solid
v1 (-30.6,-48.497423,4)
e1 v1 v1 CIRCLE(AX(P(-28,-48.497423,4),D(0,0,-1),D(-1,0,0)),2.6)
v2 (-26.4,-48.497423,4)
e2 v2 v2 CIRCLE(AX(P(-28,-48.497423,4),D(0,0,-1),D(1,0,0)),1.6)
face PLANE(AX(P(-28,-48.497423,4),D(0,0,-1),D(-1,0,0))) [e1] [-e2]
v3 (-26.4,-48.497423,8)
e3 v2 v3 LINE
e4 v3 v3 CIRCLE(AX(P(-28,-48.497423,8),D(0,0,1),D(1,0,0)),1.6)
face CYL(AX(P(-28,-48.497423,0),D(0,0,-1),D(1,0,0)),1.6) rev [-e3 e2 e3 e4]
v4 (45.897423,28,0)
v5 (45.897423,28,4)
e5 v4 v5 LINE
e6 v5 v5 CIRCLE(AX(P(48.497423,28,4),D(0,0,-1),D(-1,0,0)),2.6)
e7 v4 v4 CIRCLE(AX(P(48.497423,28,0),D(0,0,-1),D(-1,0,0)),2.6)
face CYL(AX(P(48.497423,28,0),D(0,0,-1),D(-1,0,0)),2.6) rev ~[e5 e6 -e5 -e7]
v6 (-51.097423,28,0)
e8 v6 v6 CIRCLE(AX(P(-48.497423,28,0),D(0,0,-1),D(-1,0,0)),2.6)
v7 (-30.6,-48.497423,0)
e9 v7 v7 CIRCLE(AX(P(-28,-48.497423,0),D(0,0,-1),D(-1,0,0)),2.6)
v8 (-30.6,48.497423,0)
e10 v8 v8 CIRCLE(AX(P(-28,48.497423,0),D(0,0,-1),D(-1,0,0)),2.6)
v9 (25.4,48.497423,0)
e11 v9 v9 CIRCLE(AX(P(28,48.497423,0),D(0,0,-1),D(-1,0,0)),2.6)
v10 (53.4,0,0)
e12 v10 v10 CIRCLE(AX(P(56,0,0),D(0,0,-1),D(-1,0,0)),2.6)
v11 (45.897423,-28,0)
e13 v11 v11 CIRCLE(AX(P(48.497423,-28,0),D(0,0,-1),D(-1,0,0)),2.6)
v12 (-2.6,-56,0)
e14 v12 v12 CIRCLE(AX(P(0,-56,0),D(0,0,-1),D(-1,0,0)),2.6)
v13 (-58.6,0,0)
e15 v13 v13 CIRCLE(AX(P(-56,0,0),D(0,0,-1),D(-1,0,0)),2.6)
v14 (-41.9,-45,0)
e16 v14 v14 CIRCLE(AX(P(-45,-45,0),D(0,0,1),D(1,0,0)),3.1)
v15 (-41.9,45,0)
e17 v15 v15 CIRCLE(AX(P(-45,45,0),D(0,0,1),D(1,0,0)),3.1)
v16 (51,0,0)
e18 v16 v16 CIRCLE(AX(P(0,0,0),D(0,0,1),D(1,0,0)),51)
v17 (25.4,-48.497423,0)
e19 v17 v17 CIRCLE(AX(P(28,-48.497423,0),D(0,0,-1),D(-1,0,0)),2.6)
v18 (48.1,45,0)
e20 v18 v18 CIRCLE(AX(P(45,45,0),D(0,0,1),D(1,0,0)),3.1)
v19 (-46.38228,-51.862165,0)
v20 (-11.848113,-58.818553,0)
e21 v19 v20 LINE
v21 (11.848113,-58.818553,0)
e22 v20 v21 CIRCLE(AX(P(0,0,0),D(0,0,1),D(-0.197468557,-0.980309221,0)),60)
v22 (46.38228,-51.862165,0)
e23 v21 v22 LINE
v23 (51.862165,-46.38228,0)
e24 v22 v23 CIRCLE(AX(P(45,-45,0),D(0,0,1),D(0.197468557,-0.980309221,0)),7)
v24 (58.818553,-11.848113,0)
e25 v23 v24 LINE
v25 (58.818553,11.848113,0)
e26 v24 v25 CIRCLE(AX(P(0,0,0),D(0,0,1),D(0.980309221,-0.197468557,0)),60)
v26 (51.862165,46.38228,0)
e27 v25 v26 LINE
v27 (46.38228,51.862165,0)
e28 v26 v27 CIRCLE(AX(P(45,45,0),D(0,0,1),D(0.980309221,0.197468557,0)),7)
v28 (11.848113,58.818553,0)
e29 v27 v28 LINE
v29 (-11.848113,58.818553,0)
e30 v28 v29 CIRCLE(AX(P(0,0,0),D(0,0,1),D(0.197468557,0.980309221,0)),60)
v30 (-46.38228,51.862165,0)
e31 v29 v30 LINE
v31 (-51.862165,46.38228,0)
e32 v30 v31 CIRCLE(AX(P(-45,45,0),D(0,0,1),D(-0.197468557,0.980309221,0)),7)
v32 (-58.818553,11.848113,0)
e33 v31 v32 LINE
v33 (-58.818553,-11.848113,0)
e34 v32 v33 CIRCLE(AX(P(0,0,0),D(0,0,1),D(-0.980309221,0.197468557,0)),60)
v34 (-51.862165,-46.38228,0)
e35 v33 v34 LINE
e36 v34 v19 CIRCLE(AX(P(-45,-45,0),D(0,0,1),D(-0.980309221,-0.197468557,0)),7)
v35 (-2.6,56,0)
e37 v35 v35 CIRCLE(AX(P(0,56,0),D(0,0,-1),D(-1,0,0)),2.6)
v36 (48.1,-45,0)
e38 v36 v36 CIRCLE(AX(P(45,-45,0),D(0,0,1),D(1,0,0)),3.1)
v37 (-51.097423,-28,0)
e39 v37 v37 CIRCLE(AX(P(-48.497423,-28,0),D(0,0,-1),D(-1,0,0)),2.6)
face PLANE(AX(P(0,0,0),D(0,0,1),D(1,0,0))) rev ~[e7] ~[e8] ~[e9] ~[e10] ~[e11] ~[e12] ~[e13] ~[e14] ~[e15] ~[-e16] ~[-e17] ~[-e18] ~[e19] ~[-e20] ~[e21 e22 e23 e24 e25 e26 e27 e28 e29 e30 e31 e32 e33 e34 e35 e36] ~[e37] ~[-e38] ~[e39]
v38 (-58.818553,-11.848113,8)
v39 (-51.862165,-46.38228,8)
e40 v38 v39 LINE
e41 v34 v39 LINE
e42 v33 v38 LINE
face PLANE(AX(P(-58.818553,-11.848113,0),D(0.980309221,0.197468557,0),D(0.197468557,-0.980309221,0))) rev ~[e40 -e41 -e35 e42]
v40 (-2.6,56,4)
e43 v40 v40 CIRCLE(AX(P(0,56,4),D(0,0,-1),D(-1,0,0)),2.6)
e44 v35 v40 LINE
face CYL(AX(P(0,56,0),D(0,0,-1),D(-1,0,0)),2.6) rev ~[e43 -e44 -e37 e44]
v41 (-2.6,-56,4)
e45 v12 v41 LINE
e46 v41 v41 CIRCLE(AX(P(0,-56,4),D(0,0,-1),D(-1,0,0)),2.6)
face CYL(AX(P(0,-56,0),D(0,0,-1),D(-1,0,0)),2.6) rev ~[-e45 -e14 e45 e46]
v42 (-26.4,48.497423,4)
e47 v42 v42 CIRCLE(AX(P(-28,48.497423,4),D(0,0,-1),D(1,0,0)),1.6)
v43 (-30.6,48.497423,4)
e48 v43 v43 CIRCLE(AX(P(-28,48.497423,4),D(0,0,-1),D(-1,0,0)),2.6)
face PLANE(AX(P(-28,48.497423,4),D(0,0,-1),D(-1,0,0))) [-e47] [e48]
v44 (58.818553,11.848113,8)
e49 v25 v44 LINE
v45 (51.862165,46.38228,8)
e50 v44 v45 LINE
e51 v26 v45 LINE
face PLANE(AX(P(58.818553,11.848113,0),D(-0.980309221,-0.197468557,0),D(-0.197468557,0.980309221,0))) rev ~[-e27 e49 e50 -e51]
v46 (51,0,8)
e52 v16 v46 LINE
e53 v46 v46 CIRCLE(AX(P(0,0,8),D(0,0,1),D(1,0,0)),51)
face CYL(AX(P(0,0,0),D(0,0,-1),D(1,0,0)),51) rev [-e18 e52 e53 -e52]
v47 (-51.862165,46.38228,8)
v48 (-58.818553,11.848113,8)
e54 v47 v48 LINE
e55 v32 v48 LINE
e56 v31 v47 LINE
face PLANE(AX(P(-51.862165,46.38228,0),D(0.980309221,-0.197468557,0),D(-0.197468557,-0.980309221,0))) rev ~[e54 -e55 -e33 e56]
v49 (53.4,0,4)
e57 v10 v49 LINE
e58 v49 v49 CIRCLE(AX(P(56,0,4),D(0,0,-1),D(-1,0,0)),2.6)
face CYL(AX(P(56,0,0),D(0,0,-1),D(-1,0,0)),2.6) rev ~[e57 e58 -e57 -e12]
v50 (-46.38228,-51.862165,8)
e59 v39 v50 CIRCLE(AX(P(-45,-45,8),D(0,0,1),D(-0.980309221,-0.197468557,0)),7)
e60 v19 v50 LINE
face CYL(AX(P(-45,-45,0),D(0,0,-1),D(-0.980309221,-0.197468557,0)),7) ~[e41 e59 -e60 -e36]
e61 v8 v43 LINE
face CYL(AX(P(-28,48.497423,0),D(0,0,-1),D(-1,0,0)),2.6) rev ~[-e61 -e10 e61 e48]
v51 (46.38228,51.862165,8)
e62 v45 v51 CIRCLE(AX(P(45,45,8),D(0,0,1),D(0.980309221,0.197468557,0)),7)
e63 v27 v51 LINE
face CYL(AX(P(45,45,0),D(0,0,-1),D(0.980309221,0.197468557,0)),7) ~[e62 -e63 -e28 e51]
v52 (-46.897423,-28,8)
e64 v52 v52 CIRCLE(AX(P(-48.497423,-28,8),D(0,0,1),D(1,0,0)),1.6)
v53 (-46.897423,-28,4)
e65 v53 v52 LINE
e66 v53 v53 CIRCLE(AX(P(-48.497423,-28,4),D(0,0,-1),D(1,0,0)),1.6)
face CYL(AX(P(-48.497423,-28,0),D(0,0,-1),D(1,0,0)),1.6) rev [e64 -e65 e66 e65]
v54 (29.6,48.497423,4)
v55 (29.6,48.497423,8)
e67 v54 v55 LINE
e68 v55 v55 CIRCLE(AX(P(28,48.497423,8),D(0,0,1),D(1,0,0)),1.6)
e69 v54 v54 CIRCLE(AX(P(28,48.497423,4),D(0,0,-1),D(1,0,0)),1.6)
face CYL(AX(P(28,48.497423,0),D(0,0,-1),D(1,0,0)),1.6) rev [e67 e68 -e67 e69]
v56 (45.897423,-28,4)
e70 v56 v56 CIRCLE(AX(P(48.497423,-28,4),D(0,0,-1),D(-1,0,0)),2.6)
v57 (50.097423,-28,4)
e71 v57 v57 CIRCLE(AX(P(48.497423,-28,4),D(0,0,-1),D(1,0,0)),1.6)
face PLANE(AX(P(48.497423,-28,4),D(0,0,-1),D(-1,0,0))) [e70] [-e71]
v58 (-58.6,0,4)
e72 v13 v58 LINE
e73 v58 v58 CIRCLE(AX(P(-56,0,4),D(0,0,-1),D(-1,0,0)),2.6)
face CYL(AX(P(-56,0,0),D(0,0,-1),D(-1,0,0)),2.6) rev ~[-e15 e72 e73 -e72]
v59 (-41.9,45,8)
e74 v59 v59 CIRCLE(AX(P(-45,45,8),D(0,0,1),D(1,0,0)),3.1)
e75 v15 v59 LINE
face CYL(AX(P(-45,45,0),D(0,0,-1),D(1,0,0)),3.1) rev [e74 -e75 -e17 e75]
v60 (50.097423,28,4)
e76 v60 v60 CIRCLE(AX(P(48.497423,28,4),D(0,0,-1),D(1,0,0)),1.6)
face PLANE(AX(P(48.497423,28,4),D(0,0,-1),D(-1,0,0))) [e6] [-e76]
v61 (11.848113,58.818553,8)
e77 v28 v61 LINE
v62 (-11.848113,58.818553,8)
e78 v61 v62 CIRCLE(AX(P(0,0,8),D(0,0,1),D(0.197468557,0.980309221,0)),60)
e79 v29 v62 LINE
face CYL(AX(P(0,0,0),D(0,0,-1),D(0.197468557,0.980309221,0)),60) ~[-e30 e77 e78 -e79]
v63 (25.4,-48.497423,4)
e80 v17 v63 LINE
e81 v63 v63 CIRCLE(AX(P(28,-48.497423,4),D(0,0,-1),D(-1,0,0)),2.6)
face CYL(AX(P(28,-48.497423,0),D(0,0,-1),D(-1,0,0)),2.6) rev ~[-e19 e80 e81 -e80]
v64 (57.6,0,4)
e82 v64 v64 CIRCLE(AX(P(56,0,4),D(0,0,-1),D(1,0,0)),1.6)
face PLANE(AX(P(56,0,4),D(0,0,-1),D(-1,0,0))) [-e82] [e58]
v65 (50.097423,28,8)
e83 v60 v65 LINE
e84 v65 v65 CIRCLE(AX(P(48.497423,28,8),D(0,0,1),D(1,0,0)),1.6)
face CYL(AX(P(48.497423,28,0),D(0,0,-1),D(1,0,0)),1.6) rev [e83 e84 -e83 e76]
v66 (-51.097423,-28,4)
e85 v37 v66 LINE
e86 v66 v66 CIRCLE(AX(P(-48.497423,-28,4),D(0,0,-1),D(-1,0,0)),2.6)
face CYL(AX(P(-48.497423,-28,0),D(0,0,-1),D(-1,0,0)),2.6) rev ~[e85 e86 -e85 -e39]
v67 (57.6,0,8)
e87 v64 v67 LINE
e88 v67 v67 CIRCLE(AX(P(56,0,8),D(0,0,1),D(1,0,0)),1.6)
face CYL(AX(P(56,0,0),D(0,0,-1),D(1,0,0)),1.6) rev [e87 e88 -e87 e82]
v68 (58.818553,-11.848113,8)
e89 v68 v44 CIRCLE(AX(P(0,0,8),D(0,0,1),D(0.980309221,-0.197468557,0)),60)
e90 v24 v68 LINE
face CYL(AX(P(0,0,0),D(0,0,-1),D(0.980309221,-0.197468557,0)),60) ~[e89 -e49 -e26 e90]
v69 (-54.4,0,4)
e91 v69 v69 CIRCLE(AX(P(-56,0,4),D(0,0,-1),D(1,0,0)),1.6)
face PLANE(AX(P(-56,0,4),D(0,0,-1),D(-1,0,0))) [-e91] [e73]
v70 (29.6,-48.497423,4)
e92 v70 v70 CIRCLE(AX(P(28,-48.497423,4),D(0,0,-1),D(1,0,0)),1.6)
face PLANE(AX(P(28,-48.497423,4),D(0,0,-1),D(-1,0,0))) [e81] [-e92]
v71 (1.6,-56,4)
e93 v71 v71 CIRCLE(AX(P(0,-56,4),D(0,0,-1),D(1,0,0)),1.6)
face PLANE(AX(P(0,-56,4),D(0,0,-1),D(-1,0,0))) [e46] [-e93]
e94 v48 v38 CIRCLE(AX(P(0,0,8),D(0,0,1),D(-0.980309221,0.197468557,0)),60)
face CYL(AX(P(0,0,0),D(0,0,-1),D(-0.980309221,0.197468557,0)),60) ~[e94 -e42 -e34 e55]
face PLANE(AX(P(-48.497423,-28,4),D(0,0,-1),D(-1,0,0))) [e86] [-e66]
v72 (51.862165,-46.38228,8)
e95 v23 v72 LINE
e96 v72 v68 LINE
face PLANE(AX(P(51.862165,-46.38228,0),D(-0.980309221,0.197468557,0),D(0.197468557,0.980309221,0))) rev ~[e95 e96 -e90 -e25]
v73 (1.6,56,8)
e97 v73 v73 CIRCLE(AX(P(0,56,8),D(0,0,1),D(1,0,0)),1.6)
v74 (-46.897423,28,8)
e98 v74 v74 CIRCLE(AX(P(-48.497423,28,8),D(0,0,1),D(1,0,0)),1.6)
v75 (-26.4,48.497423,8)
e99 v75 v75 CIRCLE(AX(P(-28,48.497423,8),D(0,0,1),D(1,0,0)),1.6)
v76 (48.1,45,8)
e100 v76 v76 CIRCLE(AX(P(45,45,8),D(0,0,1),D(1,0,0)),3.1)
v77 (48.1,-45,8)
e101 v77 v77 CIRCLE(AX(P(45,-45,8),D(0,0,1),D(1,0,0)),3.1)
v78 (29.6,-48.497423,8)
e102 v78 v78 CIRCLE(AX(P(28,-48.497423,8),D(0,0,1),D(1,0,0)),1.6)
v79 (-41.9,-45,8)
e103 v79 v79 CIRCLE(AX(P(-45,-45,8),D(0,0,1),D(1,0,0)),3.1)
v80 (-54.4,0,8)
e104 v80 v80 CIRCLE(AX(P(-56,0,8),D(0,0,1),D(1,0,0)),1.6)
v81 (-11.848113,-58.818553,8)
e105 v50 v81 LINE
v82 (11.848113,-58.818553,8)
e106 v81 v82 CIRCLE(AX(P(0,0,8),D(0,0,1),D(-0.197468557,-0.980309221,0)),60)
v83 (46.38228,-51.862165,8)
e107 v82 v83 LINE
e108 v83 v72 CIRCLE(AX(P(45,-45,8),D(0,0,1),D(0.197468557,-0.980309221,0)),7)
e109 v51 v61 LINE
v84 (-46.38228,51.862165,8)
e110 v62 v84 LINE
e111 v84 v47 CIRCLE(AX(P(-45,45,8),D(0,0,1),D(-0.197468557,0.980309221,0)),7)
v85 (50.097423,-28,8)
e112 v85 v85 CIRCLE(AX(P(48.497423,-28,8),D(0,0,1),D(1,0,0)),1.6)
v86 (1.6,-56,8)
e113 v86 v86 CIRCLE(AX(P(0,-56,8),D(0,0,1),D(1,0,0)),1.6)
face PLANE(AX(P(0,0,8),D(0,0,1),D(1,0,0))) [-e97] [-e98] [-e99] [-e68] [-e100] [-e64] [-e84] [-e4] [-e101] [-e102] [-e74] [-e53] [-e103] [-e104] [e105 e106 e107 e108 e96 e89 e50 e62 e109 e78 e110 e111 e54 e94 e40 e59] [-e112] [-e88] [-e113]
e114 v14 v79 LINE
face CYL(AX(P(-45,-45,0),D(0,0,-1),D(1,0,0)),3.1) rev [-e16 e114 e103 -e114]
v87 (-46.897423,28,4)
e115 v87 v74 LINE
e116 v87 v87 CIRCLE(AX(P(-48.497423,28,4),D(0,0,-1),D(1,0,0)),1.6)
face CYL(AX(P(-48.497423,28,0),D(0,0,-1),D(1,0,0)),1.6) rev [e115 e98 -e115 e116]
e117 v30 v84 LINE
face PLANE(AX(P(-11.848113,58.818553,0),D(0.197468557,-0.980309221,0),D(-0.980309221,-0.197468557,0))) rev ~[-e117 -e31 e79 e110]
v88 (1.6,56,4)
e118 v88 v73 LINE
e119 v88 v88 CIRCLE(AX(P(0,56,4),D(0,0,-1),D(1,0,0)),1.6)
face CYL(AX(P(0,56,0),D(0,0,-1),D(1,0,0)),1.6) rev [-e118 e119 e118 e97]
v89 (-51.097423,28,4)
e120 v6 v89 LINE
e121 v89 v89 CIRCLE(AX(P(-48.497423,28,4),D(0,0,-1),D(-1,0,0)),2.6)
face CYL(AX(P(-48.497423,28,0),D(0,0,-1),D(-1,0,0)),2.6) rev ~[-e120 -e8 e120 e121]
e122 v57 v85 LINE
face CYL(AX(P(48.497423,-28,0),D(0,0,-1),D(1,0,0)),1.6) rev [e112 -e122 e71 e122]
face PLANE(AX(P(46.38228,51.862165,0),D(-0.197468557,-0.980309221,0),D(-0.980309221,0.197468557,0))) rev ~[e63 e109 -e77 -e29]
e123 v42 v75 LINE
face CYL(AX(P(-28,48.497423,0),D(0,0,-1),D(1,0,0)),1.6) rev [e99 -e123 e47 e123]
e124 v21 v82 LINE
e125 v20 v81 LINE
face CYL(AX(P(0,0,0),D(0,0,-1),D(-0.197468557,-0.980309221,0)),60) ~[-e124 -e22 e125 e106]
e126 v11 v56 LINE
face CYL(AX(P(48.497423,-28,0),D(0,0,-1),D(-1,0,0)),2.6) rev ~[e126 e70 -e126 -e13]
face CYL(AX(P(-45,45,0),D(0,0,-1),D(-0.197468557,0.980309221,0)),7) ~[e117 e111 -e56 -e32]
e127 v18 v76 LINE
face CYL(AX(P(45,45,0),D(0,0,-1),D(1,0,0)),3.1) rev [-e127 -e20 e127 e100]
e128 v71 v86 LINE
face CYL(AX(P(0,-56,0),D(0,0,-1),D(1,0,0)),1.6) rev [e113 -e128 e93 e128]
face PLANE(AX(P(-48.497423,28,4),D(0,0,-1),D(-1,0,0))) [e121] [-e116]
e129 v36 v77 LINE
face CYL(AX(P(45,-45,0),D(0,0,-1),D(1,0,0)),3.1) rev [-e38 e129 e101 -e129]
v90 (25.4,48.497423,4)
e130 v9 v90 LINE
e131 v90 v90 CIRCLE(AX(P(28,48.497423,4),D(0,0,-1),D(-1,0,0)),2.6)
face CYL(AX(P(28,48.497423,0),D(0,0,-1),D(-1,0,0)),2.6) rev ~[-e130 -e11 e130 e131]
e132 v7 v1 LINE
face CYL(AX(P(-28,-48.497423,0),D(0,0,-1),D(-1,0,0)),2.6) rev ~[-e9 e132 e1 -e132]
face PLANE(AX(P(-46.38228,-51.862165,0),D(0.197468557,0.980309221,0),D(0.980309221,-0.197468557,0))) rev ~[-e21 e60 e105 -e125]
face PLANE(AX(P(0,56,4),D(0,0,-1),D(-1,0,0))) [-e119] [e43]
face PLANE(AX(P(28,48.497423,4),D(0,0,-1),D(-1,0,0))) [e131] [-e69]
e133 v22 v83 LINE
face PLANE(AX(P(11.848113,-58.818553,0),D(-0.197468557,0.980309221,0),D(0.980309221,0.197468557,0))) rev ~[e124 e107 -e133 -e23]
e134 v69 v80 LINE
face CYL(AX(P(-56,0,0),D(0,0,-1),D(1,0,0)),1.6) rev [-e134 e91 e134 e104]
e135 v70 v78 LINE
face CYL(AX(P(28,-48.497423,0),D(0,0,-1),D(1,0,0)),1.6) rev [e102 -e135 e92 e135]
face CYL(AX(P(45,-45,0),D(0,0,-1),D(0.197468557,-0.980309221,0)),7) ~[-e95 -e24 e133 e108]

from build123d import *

# Parameters (mm, degrees)
SKETCH_1_R          = 3.1
SKETCH_1_R_2        = 1.6
SKETCH_1_R_3        = 51
EXTRUDE_1_DEPTH     = 8
SKETCH_2_R          = 2.6
CUT_EXTRUDE_1_DEPTH = 4


with BuildPart() as part:
    # 草图1 → 凸台-拉伸1 (new body)
    with BuildSketch(Plane.XY):
        with BuildLine():
            Line((-51.862164548, 46.382279896), (-58.818553272, 11.848113395))
            ThreePointArc((-58.818553272, 11.848113395), (-60, 0), (-58.818553272, -11.848113395))
            Line((-58.818553272, -11.848113395), (-51.862164548, -46.382279896))
            ThreePointArc((-51.862164548, -46.382279896), (-49.949747468, -49.949747468), (-46.382279896, -51.862164548))
            Line((-46.382279896, -51.862164548), (-11.848113395, -58.818553272))
            ThreePointArc((-11.848113395, -58.818553272), (0, -60), (11.848113395, -58.818553272))
            Line((11.848113395, -58.818553272), (46.382279896, -51.862164548))
            ThreePointArc((46.382279896, -51.862164548), (49.949747468, -49.949747468), (51.862164548, -46.382279896))
            Line((51.862164548, -46.382279896), (58.818553272, -11.848113395))
            ThreePointArc((58.818553272, -11.848113395), (60, 0), (58.818553272, 11.848113395))
            Line((58.818553272, 11.848113395), (51.862164548, 46.382279896))
            ThreePointArc((51.862164548, 46.382279896), (49.949747468, 49.949747468), (46.382279896, 51.862164548))
            Line((46.382279896, 51.862164548), (11.848113395, 58.818553272))
            ThreePointArc((11.848113395, 58.818553272), (0, 60), (-11.848113395, 58.818553272))
            Line((-11.848113395, 58.818553272), (-46.382279896, 51.862164548))
            ThreePointArc((-46.382279896, 51.862164548), (-49.949747468, 49.949747468), (-51.862164548, 46.382279896))
        make_face()
        with Locations((45, 45)):
            Circle(SKETCH_1_R, mode=Mode.SUBTRACT)
        with Locations((-45, 45)):
            Circle(SKETCH_1_R, mode=Mode.SUBTRACT)
        with Locations((-45, -45)):
            Circle(SKETCH_1_R, mode=Mode.SUBTRACT)
        with Locations((45, -45)):
            Circle(SKETCH_1_R, mode=Mode.SUBTRACT)
        with Locations((0, 56)):
            Circle(SKETCH_1_R_2, mode=Mode.SUBTRACT)
        with Locations((28, 48.497422612)):
            Circle(SKETCH_1_R_2, mode=Mode.SUBTRACT)
        with Locations((48.497422612, 28)):
            Circle(SKETCH_1_R_2, mode=Mode.SUBTRACT)
        with Locations((56, 0)):
            Circle(SKETCH_1_R_2, mode=Mode.SUBTRACT)
        with Locations((48.497422612, -28)):
            Circle(SKETCH_1_R_2, mode=Mode.SUBTRACT)
        with Locations((28, -48.497422612)):
            Circle(SKETCH_1_R_2, mode=Mode.SUBTRACT)
        with Locations((0, -56)):
            Circle(SKETCH_1_R_2, mode=Mode.SUBTRACT)
        with Locations((-28, -48.497422612)):
            Circle(SKETCH_1_R_2, mode=Mode.SUBTRACT)
        with Locations((-48.497422612, -28)):
            Circle(SKETCH_1_R_2, mode=Mode.SUBTRACT)
        with Locations((-56, 0)):
            Circle(SKETCH_1_R_2, mode=Mode.SUBTRACT)
        with Locations((-48.497422612, 28)):
            Circle(SKETCH_1_R_2, mode=Mode.SUBTRACT)
        with Locations((-28, 48.497422612)):
            Circle(SKETCH_1_R_2, mode=Mode.SUBTRACT)
        Circle(SKETCH_1_R_3, mode=Mode.SUBTRACT)
    extrude(amount=EXTRUDE_1_DEPTH)

    # 草图2 → 切除-拉伸1 (cut)
    with BuildSketch(Plane(origin=(0, 0, 0), x_dir=(-1, 0, 0), z_dir=(0, 0, -1))):
        with Locations((-28, 48.497422612)):
            Circle(SKETCH_2_R)
        with Locations((0, 56)):
            Circle(SKETCH_2_R)
        with Locations((28, 48.497422612)):
            Circle(SKETCH_2_R)
        with Locations((48.497422612, 28)):
            Circle(SKETCH_2_R)
        with Locations((56, 0)):
            Circle(SKETCH_2_R)
        with Locations((48.497422612, -28)):
            Circle(SKETCH_2_R)
        with Locations((28, -48.497422612)):
            Circle(SKETCH_2_R)
        with Locations((0, -56)):
            Circle(SKETCH_2_R)
        with Locations((-28, -48.497422612)):
            Circle(SKETCH_2_R)
        with Locations((-48.497422612, -28)):
            Circle(SKETCH_2_R)
        with Locations((-56, 0)):
            Circle(SKETCH_2_R)
        with Locations((-48.497422612, 28)):
            Circle(SKETCH_2_R)
    extrude(amount=-CUT_EXTRUDE_1_DEPTH, mode=Mode.SUBTRACT)


solid = part.part
